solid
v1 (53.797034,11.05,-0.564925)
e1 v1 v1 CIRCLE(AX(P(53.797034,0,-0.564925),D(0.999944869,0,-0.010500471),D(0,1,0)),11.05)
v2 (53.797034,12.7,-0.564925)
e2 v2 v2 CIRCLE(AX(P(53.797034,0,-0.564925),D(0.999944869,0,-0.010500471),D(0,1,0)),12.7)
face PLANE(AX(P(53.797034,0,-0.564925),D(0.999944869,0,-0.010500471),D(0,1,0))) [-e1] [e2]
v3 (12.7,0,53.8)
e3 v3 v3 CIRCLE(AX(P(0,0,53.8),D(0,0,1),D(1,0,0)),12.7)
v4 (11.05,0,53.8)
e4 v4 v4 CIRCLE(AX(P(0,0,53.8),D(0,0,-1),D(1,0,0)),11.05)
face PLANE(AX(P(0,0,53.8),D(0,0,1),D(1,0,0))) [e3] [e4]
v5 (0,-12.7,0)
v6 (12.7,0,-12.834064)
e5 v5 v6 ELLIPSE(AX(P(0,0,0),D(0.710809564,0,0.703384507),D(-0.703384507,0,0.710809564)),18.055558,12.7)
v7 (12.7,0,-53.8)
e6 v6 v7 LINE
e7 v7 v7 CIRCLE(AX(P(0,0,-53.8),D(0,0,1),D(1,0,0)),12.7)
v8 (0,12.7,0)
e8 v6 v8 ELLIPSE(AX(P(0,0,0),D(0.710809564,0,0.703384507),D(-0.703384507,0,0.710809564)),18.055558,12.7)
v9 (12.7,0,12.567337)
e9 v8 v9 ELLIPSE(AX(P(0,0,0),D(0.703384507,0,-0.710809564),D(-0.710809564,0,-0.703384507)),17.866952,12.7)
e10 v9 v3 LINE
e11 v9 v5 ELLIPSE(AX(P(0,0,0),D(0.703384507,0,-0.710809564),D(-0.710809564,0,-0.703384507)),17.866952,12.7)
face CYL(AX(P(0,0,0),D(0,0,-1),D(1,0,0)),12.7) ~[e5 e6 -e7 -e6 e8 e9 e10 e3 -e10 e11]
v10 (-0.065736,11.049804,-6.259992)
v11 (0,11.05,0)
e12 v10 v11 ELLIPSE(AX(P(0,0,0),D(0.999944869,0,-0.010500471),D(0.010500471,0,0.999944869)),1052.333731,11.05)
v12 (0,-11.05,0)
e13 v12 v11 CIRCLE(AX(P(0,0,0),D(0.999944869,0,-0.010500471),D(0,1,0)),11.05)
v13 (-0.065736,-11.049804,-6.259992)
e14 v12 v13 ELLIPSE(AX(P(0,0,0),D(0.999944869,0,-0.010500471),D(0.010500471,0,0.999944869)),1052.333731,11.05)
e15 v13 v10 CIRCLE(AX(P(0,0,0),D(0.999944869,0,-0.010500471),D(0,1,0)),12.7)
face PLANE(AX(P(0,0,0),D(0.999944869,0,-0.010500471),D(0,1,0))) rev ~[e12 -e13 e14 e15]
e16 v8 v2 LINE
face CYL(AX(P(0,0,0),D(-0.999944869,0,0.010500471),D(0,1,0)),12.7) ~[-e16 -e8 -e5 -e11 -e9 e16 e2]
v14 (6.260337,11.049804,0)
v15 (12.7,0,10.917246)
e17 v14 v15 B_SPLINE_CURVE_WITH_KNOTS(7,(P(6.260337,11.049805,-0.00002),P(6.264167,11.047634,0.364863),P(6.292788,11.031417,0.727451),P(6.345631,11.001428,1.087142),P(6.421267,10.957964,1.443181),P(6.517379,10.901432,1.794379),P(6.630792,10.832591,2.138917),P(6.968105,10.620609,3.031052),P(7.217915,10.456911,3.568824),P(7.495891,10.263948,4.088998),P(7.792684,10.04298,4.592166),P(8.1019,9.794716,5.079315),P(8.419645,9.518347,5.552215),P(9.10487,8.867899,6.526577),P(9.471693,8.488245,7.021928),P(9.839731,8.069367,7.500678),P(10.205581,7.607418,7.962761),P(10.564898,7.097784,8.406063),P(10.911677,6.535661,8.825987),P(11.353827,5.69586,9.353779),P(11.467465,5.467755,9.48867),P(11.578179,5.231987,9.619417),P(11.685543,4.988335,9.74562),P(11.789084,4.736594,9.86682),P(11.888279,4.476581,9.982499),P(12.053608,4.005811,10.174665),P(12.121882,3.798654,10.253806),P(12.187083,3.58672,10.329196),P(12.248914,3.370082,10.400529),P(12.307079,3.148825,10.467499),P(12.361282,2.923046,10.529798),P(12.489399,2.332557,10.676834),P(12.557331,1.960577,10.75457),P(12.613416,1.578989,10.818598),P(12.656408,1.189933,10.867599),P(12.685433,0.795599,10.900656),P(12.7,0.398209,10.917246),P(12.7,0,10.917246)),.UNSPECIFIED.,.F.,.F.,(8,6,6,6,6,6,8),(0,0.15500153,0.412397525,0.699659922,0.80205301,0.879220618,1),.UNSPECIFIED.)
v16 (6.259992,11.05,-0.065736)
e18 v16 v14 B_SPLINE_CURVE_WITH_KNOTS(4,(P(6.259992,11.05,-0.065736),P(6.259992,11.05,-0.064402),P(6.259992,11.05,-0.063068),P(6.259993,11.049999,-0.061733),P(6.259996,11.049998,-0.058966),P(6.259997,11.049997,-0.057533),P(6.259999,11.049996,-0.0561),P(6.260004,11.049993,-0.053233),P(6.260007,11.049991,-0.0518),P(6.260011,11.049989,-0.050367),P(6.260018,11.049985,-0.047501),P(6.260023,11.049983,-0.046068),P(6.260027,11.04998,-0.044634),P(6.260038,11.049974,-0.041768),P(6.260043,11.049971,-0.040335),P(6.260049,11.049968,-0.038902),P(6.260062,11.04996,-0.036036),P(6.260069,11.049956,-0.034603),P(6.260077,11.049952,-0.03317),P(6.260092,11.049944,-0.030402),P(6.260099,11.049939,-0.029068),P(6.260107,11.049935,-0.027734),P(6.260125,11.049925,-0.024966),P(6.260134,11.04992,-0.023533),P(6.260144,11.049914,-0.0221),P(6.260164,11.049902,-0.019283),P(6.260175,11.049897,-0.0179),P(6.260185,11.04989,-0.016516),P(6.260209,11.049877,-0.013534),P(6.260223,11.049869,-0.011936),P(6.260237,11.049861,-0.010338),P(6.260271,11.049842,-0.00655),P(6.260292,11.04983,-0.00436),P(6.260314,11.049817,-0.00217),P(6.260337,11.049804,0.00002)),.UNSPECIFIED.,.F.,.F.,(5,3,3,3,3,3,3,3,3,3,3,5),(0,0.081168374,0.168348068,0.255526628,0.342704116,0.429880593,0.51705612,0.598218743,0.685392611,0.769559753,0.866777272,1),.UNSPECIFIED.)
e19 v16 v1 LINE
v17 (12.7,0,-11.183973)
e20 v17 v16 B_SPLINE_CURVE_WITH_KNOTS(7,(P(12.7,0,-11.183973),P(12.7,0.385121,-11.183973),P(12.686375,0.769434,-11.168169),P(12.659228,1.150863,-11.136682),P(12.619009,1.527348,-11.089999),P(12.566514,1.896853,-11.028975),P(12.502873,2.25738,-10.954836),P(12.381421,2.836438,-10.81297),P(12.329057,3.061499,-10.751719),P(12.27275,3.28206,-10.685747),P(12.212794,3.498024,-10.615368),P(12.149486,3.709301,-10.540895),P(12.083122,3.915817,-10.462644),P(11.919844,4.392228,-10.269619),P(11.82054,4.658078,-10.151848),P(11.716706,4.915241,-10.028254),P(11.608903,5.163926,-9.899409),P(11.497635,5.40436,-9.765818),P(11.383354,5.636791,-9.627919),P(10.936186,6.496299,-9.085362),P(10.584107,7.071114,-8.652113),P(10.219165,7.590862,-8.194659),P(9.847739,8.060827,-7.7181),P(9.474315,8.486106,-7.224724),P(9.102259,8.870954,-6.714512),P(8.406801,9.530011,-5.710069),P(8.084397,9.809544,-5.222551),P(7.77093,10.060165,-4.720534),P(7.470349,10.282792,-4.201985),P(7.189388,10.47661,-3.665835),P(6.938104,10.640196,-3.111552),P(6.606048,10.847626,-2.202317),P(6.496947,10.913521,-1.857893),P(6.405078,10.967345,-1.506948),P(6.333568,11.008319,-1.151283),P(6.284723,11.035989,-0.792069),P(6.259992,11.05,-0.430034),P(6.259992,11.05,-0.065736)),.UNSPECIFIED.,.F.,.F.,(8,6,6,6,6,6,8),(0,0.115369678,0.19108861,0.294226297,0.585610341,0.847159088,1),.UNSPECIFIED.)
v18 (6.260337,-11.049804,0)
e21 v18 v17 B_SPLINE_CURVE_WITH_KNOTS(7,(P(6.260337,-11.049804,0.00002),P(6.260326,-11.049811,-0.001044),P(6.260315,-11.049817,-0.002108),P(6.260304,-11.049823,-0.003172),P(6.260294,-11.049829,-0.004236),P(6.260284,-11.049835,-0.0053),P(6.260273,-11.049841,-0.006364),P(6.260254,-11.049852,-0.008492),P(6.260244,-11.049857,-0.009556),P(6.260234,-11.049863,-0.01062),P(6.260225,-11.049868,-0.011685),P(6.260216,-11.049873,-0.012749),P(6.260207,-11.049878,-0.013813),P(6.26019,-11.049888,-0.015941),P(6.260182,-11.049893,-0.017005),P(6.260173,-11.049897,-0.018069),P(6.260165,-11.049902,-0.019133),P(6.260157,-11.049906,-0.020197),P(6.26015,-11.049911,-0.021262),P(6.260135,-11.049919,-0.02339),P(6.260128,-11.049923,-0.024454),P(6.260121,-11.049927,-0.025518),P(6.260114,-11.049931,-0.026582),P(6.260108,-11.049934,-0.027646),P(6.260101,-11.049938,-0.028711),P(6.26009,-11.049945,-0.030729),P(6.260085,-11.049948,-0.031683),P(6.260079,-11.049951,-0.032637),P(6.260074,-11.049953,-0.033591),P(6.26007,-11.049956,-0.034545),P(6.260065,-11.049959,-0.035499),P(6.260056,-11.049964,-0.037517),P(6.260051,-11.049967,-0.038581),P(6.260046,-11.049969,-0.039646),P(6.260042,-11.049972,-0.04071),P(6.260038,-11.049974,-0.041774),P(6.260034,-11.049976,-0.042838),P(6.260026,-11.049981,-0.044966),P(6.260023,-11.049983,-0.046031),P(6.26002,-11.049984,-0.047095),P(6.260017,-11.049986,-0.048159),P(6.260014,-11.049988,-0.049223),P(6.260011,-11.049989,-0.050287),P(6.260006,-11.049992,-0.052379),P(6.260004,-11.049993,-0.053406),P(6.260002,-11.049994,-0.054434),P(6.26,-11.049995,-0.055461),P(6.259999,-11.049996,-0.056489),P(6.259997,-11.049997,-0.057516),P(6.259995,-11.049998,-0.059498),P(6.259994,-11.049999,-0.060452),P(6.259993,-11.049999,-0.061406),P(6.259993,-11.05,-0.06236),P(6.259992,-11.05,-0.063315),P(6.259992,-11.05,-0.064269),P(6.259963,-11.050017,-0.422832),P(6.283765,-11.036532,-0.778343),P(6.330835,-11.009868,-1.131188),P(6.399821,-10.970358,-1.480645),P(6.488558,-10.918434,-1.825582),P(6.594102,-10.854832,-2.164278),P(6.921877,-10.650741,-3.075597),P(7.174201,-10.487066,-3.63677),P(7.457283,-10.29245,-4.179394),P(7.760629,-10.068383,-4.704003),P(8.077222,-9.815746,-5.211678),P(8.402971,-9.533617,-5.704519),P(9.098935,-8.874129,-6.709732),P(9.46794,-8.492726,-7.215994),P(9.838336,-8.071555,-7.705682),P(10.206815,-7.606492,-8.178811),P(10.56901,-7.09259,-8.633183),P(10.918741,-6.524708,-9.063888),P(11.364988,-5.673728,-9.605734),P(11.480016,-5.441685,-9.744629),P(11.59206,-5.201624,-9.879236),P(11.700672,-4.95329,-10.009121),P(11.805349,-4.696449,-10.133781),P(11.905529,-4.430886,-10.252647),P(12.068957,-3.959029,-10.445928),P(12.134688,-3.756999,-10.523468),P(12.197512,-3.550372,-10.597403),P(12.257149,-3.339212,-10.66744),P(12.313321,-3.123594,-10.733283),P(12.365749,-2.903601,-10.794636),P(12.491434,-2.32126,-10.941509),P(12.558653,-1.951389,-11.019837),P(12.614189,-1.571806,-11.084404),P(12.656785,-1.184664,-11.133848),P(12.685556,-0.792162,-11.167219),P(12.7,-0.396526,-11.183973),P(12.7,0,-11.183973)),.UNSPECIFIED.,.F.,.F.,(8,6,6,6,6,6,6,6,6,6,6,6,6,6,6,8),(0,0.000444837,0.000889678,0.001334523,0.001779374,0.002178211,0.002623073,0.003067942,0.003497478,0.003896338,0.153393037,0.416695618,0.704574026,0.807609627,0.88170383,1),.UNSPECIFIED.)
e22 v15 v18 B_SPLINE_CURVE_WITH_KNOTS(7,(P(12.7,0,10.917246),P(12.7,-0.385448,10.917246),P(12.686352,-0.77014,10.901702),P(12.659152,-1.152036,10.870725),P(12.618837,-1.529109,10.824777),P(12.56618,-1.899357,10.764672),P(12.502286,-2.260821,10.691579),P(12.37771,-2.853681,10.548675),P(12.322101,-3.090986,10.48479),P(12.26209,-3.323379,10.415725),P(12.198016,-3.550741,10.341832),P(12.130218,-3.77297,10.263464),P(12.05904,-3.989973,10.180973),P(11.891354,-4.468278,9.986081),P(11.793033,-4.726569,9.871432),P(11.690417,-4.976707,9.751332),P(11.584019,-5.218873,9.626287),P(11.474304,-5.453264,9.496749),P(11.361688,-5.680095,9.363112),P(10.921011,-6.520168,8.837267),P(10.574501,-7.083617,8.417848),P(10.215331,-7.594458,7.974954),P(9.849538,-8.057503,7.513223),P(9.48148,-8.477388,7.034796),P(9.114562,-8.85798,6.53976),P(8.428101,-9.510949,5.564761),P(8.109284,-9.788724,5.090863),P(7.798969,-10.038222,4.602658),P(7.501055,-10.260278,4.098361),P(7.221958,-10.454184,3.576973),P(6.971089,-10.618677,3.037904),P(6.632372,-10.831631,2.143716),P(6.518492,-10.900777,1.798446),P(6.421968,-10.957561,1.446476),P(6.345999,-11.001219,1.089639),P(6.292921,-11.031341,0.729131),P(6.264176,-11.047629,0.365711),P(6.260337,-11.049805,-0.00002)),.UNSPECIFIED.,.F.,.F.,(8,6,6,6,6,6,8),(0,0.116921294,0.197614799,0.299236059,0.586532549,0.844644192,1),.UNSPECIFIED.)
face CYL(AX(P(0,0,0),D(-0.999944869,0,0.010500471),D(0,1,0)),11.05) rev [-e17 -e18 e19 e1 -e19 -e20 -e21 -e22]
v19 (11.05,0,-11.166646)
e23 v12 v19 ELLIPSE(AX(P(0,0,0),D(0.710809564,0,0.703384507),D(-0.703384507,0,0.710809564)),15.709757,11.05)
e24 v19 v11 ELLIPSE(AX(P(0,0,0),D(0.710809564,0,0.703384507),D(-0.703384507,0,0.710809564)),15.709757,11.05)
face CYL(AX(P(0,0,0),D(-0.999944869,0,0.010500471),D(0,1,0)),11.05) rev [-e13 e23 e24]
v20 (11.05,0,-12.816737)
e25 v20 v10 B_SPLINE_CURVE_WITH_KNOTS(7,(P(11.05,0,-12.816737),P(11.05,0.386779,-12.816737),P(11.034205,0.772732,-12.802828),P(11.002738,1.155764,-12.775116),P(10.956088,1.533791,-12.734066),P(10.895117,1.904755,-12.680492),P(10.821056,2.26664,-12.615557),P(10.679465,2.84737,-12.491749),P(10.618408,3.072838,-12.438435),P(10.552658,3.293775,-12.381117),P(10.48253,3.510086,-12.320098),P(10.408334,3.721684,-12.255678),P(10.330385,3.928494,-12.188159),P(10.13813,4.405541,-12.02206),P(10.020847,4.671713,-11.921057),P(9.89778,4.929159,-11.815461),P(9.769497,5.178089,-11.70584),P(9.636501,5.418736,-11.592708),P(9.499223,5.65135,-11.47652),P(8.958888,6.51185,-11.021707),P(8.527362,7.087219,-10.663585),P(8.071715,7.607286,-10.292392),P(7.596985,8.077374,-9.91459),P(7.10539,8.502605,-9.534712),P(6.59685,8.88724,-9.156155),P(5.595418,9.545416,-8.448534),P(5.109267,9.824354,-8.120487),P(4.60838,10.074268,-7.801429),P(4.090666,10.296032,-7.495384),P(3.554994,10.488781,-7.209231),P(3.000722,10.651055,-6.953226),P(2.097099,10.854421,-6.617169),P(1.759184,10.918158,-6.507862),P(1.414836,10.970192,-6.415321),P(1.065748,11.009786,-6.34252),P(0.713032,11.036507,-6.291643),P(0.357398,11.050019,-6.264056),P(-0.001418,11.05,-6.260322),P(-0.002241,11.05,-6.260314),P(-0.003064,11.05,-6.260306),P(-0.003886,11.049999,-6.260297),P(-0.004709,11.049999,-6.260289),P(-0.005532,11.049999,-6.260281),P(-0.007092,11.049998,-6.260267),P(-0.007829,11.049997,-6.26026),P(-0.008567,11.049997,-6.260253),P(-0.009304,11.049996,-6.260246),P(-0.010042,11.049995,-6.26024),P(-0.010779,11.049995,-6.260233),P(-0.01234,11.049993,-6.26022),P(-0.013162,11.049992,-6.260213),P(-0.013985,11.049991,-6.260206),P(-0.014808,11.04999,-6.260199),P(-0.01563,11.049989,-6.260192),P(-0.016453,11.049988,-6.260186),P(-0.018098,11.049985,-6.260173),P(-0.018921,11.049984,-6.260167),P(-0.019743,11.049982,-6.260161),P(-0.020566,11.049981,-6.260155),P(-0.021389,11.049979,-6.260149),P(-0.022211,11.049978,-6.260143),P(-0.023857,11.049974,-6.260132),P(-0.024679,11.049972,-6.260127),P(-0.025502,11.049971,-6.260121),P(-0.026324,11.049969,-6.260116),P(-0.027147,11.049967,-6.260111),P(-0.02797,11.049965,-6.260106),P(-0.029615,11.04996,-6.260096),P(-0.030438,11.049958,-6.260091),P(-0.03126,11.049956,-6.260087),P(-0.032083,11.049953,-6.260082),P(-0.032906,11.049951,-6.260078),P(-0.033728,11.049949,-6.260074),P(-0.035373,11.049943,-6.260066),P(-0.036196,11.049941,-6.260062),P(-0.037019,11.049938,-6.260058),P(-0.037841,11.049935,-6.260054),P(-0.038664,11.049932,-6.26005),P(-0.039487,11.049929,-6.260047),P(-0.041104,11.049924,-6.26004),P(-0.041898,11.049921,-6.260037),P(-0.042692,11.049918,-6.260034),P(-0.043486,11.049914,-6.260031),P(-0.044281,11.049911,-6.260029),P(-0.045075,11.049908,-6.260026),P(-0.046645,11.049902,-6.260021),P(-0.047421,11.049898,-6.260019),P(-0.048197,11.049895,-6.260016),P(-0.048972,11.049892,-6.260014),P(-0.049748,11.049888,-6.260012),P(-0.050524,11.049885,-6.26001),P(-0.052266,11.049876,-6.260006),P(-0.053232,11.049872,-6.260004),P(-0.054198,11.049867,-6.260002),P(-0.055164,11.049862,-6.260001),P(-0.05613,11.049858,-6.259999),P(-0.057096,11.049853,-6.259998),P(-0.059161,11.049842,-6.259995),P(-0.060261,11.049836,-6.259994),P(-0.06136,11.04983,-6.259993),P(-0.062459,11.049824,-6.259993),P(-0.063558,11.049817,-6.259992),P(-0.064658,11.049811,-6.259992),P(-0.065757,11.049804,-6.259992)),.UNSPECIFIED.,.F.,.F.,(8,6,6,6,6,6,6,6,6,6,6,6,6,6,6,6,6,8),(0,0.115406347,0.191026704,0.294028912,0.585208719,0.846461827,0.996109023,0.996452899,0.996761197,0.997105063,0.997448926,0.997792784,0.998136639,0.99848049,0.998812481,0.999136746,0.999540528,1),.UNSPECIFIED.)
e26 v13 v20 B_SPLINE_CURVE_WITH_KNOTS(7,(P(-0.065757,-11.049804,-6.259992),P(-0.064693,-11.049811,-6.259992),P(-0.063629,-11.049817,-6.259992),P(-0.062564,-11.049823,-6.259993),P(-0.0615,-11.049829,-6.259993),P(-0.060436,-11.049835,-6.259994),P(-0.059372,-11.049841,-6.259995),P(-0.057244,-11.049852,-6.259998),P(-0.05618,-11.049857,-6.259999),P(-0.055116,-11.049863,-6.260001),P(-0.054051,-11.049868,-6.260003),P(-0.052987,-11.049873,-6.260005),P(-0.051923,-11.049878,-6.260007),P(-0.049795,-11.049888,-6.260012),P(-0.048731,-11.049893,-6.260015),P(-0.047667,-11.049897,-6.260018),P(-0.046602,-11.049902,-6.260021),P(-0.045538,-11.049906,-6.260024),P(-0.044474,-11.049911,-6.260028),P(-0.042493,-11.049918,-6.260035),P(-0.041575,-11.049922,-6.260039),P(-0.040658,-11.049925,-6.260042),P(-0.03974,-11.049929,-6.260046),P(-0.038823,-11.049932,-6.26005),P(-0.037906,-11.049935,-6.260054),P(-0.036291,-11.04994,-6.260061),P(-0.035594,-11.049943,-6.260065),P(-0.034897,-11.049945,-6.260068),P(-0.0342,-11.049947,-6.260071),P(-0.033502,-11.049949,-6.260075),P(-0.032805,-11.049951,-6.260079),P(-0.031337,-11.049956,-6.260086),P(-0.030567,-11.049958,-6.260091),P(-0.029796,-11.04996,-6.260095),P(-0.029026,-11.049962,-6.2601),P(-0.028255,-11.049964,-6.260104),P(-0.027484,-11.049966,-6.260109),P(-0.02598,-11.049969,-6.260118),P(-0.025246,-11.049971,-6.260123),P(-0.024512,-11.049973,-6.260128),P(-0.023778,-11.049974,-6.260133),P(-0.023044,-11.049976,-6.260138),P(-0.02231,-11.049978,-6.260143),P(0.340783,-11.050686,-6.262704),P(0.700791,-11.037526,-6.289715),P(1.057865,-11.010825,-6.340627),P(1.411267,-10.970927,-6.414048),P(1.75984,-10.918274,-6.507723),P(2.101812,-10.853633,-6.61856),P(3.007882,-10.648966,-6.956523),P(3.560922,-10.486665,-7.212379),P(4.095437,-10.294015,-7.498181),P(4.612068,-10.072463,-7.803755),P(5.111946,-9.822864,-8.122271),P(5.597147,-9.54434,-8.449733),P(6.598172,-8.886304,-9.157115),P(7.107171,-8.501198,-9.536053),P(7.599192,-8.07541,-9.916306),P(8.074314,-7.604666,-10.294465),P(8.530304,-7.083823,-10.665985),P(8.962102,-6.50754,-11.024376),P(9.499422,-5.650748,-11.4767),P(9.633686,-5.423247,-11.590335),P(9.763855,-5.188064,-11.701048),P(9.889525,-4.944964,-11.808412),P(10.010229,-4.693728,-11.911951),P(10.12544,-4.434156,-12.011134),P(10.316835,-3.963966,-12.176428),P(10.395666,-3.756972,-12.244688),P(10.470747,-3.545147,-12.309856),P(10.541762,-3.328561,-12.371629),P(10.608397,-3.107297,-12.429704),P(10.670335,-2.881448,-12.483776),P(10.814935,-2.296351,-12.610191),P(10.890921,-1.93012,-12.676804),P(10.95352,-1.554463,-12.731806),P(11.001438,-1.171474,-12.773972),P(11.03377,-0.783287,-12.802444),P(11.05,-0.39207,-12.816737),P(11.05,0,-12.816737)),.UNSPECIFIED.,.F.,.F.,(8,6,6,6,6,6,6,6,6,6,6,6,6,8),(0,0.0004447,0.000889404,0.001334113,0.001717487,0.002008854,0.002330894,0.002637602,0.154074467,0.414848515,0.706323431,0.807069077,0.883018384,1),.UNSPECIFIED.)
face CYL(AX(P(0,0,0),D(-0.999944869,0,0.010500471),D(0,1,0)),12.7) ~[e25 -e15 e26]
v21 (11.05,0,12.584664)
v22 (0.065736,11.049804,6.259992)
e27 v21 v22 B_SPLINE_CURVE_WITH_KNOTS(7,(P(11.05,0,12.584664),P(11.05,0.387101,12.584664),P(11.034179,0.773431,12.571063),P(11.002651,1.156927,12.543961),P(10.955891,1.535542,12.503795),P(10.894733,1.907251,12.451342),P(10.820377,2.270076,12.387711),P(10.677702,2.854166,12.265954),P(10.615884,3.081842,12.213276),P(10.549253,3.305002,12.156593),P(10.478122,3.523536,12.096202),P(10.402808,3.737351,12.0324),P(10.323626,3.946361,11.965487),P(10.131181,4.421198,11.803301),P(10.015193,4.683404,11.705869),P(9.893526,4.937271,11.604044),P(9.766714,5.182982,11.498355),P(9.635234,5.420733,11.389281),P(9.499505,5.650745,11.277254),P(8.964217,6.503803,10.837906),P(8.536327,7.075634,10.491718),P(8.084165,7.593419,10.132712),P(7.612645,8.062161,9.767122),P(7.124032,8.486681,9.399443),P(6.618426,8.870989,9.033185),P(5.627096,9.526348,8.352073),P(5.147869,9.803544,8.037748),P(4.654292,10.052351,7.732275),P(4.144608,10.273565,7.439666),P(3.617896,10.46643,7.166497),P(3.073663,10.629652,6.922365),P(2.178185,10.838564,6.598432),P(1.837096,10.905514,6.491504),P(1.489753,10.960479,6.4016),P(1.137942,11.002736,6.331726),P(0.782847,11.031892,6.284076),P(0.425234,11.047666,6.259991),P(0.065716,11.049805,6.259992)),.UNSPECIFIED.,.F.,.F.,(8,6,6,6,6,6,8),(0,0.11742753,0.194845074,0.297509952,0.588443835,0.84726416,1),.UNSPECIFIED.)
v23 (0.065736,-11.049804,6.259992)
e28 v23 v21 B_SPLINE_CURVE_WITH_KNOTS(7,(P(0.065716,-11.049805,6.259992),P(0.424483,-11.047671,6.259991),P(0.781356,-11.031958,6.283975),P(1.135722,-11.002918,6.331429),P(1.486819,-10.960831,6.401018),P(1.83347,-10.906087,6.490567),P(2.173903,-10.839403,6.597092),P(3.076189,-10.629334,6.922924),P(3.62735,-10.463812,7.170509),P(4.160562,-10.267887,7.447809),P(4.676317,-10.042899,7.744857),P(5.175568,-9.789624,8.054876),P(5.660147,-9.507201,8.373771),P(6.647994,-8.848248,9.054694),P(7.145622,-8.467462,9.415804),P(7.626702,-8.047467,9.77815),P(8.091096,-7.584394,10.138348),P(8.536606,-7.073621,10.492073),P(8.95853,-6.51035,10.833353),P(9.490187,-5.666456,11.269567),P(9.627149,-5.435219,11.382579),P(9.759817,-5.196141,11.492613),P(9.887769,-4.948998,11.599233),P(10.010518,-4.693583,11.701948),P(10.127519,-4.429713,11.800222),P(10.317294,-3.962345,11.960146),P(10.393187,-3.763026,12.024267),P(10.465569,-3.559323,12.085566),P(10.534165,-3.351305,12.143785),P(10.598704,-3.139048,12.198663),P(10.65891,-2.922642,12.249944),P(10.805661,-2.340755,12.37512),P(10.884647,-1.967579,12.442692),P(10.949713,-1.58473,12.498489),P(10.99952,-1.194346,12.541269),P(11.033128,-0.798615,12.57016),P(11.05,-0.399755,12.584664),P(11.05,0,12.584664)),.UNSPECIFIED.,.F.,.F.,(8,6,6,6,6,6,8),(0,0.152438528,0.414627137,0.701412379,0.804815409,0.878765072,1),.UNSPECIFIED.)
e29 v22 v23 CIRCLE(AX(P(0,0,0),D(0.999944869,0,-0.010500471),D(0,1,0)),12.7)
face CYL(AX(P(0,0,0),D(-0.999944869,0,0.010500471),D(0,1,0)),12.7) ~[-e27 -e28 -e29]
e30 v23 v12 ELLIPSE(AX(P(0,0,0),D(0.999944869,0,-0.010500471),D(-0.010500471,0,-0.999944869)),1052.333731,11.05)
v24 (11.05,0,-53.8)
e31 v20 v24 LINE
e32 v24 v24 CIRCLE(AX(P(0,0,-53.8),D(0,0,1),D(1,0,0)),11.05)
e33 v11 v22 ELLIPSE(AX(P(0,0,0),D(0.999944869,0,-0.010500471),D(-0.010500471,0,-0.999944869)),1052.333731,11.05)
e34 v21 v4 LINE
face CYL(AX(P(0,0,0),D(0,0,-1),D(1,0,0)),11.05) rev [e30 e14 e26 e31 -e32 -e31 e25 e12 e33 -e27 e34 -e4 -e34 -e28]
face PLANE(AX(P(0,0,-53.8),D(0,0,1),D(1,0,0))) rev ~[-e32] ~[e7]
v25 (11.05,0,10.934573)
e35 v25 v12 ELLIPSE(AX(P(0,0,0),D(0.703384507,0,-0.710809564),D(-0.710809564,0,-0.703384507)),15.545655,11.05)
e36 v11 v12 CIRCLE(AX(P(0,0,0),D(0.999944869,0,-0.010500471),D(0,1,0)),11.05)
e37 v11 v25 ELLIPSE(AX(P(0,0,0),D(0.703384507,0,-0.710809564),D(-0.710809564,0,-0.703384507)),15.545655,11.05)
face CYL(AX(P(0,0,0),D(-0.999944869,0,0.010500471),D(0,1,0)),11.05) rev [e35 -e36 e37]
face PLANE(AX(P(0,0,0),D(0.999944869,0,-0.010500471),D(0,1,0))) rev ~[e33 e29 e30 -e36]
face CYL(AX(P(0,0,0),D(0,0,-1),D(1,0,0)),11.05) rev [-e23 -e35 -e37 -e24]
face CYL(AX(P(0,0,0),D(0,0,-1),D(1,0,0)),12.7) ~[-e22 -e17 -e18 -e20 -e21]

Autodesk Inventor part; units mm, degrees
ref_plane "YZ Plane" through (0, 0, 0) normal (1, 0, 0) x (0, 1, 0)
ref_plane "XZ Plane" through (0, 0, 0) normal (0, 1, 0) x (-1, 0, 0)
sketch "Sketch1" plane through (0, 0, 0) normal (0, 0, 1) x (1, 0, 0)
  circle A0 centre (0, 0) radius 12.7
  dimension "d0" = 25.4
extrude "Extrusion1" add sketch "Sketch1" along normal mid plane 107.6
shell "Shell1" thickness 1.65 removed faces 2 at (-3.6254, -0.9542, 53.8) at (-3.6254, -0.9542, -53.8)
ref_plane "Work Plane2" through (0, 0, 0) normal (0.9999, 0, -0.0105) x (0, 1, 0)
sketch "Sketch6" plane through (0, 0, 0) normal (0.9999, 0, -0.0105) x (0, 1, 0)
  ellipse E0 centre (0, -53.7971) end of major axis (-12.7, -53.7971) minor radius 0.133 projected
  ellipse E1 centre (0, 53.7971) end of major axis (12.7, 53.7971) minor radius 0.133 projected
  line L0 (0, -53.7971) -> (0, 53.7971) construction
  circle A0 centre (0, 0) radius 12.7
  circle A1 centre (0, 0) radius 11.05
  dimension "d19" = 25.4
  dimension "d20" = 1.65
extrude "Extrusion3" add sketch "Sketch6" along normal blind 53.8 contours A0
properties part number "EQ TEE (ASME BPE - 89.4 or 90.6 DEG)-25.4"
